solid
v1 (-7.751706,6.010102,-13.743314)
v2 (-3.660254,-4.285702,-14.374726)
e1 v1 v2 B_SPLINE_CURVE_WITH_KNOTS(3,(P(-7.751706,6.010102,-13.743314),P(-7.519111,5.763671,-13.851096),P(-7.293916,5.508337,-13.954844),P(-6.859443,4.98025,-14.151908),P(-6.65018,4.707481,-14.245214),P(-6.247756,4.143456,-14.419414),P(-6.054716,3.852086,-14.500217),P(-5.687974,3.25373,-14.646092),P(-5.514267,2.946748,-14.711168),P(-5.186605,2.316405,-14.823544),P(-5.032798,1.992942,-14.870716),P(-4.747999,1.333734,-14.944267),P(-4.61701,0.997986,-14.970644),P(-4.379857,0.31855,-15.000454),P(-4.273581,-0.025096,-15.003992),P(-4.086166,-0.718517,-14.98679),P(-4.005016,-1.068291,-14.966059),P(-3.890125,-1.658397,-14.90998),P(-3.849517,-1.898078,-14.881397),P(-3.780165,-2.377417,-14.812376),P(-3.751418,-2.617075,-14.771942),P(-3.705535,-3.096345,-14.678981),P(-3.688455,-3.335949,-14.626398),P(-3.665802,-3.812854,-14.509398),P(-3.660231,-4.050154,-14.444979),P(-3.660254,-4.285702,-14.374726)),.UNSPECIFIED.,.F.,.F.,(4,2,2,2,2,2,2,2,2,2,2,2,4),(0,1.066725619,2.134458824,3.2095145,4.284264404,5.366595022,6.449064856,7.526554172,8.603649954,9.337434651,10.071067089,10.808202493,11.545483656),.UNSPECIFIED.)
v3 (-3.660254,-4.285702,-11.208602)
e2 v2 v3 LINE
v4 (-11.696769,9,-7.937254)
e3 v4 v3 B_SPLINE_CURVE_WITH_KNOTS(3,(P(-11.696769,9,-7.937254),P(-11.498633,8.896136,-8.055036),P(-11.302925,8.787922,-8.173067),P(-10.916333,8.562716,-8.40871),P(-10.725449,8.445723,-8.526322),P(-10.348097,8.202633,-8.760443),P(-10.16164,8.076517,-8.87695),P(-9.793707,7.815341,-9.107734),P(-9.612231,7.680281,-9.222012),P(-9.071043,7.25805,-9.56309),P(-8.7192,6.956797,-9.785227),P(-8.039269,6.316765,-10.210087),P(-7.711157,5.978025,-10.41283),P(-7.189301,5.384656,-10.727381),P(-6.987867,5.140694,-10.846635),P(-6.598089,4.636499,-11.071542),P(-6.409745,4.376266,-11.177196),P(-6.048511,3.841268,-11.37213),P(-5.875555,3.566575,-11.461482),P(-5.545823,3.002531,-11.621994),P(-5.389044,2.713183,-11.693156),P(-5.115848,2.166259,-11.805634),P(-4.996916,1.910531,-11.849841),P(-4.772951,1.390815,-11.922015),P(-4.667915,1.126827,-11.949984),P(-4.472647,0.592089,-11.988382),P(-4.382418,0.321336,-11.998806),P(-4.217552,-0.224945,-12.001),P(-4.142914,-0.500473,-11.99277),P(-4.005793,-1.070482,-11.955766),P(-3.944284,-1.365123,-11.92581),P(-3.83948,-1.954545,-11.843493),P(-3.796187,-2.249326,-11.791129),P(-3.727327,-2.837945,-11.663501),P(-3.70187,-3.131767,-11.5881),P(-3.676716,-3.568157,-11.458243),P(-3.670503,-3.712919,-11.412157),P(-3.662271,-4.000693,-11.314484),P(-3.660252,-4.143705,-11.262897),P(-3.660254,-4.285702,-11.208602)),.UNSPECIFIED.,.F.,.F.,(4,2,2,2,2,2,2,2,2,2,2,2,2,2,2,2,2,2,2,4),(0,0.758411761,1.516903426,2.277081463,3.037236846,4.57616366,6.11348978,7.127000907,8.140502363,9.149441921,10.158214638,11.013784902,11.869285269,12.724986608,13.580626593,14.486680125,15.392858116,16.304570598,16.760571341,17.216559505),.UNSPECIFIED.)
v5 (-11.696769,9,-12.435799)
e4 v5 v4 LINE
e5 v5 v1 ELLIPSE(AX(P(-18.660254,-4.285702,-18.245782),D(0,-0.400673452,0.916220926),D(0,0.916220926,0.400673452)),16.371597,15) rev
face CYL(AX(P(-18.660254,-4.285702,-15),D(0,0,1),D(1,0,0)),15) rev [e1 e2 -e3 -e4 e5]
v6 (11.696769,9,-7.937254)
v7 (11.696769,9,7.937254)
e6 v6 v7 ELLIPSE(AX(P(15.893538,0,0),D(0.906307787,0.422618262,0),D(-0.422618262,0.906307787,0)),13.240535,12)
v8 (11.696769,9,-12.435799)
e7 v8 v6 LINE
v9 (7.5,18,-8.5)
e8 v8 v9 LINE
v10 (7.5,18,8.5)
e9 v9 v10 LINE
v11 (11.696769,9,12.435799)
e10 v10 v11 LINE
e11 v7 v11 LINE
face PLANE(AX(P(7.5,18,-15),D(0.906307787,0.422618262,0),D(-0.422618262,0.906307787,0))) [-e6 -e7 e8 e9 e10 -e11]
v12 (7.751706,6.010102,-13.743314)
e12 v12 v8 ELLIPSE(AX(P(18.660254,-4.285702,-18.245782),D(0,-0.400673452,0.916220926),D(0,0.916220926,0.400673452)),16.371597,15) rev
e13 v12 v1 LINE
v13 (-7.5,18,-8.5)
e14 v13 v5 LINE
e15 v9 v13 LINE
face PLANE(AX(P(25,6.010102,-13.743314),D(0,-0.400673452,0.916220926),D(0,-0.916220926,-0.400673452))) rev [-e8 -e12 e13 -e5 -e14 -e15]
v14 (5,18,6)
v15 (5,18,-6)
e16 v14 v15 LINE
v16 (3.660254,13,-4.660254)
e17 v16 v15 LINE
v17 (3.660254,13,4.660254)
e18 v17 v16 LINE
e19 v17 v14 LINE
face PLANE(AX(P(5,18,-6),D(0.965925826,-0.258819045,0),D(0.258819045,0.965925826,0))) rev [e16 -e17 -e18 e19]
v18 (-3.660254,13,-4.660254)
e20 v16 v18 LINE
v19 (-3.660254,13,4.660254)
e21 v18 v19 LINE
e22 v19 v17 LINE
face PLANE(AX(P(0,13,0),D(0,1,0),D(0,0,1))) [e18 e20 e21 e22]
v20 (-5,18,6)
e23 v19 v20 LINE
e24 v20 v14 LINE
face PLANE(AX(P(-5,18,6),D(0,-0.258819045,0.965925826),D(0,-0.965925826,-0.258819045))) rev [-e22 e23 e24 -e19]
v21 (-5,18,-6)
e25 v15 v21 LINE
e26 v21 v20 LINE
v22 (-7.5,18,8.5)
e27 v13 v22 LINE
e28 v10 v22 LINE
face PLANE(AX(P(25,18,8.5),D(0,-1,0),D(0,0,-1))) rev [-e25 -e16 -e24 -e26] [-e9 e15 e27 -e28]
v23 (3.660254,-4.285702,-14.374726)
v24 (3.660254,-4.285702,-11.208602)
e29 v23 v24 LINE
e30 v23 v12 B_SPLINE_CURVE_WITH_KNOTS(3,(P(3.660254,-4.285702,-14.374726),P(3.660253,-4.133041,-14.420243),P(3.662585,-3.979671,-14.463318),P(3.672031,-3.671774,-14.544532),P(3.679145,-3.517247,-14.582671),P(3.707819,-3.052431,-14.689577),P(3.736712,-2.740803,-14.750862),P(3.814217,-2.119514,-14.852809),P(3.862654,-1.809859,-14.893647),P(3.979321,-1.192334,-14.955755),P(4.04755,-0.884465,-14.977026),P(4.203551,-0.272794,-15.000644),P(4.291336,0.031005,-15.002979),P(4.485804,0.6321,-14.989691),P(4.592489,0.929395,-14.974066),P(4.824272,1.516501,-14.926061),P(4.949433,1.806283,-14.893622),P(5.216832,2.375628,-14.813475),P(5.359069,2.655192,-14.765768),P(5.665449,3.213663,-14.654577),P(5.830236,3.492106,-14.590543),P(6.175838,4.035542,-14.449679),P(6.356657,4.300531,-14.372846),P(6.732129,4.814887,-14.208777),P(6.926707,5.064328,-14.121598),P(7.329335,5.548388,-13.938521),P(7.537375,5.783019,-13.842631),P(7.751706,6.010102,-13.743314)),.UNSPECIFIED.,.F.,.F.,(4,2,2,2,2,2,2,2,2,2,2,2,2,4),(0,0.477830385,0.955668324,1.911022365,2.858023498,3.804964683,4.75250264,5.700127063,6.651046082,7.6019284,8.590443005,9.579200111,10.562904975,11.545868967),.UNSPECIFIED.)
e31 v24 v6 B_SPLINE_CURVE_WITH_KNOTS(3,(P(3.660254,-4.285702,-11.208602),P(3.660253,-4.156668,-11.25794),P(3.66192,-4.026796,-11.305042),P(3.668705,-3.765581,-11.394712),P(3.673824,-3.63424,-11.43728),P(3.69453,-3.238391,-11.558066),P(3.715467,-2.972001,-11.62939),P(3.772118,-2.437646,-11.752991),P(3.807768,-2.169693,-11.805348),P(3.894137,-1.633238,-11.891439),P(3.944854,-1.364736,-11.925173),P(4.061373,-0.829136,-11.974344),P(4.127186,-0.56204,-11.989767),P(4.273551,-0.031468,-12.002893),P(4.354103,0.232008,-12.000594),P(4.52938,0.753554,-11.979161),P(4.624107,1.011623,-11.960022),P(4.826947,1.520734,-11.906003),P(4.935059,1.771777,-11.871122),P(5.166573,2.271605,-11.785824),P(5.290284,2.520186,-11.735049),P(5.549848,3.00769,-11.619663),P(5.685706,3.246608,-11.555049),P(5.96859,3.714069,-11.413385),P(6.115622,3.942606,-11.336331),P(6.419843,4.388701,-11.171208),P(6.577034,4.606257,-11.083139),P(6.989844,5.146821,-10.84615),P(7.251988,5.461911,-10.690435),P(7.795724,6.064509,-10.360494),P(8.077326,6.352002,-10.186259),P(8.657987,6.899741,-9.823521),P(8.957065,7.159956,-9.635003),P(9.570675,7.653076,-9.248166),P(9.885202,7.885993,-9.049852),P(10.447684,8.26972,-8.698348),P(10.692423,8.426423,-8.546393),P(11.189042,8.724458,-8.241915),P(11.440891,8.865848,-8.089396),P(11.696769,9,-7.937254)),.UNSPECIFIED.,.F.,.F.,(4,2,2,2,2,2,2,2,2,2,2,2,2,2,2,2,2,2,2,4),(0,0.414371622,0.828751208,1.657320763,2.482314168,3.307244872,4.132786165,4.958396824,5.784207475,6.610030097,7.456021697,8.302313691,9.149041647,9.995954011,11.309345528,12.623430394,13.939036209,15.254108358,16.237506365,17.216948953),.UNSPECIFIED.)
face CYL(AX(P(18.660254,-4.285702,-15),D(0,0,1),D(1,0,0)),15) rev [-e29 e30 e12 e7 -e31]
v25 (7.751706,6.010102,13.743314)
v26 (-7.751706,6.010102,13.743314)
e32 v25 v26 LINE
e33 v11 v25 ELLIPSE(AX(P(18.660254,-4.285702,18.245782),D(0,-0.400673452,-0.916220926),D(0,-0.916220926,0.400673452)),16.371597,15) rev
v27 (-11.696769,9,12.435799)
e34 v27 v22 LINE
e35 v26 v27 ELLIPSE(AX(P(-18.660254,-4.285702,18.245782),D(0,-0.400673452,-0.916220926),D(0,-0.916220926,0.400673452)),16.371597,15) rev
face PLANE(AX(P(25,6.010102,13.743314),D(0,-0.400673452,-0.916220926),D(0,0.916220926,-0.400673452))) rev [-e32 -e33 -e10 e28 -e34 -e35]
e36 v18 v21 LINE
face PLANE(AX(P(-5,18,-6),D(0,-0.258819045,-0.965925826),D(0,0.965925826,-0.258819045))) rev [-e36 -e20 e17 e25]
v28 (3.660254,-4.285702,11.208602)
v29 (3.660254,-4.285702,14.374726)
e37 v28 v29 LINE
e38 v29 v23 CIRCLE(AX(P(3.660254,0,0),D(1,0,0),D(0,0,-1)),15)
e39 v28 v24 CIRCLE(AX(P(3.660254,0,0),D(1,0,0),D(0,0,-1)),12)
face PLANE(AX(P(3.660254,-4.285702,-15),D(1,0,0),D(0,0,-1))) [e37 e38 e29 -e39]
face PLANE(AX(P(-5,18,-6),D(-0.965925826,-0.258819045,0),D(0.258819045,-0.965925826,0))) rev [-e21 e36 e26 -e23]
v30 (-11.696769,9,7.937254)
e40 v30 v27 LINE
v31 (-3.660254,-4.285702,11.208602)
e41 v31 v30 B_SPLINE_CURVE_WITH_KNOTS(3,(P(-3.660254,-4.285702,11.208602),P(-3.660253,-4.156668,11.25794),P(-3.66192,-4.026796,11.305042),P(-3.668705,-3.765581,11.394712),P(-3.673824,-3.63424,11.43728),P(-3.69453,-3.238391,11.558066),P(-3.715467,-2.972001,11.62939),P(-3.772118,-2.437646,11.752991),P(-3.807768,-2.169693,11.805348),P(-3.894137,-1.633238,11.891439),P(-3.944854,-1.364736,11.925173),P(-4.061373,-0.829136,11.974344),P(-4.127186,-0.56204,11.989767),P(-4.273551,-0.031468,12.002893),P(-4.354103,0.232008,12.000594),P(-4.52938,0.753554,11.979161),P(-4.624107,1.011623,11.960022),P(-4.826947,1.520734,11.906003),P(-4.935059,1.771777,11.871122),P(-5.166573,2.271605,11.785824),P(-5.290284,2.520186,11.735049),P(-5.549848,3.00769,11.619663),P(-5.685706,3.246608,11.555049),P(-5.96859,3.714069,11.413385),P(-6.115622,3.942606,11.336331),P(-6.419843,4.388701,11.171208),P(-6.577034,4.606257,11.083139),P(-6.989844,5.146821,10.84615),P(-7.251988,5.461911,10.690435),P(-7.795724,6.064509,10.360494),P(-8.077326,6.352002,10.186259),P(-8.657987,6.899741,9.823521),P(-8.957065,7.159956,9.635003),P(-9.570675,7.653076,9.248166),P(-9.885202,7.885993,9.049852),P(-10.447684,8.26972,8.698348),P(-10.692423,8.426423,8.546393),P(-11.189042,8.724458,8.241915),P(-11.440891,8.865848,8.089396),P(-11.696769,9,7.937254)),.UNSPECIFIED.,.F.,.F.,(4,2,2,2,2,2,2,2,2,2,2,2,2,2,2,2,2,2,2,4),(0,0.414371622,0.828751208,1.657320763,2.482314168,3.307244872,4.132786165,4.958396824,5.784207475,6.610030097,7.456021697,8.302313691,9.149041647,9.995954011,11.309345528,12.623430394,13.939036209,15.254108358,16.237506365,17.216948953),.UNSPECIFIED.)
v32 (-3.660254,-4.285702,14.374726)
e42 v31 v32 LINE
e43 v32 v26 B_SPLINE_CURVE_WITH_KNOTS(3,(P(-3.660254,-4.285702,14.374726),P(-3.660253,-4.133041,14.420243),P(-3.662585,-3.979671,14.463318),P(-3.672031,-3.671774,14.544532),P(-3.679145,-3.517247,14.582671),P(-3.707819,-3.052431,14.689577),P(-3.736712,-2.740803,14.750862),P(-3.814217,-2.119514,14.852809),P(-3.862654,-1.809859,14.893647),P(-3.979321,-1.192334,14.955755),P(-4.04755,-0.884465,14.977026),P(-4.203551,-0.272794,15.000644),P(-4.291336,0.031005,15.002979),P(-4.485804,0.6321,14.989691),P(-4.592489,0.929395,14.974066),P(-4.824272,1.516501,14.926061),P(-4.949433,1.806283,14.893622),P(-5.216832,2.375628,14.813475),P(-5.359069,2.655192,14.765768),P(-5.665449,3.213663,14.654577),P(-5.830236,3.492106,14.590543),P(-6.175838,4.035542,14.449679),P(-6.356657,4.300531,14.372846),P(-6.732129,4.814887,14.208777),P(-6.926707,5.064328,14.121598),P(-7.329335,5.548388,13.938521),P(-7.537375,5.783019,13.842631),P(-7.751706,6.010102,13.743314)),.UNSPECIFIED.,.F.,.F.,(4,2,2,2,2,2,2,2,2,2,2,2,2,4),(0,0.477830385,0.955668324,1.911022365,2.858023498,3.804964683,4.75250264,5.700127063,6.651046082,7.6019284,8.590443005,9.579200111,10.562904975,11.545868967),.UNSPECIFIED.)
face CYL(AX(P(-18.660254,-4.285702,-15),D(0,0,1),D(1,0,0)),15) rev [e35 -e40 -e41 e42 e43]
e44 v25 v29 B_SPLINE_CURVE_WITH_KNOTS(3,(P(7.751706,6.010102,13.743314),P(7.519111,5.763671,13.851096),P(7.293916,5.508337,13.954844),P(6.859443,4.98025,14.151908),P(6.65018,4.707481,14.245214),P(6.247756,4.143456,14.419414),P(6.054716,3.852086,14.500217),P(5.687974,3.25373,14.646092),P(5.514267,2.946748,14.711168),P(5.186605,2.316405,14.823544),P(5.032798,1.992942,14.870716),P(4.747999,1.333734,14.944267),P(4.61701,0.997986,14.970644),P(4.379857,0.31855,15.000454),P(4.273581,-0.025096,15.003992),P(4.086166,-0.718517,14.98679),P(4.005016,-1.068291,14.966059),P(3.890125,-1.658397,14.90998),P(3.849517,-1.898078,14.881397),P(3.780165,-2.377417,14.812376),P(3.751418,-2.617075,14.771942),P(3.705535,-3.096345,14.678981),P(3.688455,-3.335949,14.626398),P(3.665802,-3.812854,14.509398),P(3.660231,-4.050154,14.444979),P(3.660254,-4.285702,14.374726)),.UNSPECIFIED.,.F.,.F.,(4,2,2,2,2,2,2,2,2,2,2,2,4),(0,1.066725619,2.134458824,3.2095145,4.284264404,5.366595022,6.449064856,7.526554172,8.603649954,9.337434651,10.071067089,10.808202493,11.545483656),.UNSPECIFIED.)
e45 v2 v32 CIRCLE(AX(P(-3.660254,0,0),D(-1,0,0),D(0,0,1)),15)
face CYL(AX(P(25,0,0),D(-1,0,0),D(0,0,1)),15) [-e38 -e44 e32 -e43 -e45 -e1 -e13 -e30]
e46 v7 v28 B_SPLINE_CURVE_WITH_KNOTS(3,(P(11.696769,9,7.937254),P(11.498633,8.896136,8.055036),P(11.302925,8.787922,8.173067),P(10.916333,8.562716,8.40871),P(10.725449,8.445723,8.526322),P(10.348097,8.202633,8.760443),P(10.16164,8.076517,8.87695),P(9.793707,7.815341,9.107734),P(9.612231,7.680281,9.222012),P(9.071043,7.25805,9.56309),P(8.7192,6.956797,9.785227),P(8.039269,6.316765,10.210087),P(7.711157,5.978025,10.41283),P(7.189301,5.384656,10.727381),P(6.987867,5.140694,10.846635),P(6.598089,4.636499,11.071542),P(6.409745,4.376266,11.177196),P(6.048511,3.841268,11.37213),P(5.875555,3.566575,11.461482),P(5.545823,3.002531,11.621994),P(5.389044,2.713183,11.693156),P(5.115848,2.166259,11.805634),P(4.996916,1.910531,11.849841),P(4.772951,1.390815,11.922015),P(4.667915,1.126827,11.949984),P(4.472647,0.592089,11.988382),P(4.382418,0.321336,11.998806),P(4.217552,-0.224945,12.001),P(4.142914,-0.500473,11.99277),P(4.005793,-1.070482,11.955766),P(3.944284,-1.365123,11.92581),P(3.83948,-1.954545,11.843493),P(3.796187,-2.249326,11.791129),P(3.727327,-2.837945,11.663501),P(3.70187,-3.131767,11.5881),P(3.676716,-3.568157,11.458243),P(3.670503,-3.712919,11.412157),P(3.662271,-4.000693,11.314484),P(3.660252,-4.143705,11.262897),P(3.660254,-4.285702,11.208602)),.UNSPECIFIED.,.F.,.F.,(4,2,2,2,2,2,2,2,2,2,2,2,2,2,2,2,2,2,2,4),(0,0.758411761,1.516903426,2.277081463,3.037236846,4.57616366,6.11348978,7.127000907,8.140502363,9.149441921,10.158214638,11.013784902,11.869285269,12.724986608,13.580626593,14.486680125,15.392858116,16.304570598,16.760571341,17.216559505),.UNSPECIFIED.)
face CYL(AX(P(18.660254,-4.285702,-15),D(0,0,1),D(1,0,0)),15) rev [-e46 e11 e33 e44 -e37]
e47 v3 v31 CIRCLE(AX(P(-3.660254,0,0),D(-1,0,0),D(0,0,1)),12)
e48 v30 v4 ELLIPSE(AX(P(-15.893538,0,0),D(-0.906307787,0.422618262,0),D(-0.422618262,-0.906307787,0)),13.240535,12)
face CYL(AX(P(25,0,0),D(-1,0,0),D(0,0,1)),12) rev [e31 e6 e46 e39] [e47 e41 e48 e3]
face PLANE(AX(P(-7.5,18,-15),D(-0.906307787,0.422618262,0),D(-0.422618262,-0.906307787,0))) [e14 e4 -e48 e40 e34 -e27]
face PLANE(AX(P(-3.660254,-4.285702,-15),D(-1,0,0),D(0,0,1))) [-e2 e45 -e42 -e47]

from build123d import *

# Parameters (mm, degrees)
SKETCH_2_R               = 12
EXTRUDE_1_DEPTH          = 25
SKETCH_3_W               = 10
SKETCH_3_H               = 12
CUT_EXTRUDE_1_DEPTH      = 5
CUT_EXTRUDE_1_DRAFT      = -15
CUT_EXTRUDE_2_DEPTH      = 35.263683398
CUT_EXTRUDE_2_DEPTH_BACK = 35.263683398
SKETCH_4_OUTSIDE_W       = 65.4
SKETCH_4_OUTSIDE_H       = 48.4


with BuildPart() as part:
    # 草图2 → 凸台-拉伸1 (new, symmetric)
    with BuildSketch(Plane(origin=(0, 0, 0), x_dir=(0, 0, -1), z_dir=(1, 0, 0))):
        with BuildLine():
            Line((-13.743313889, 6.010101774), (-8.5, 18))
            Line((-8.5, 18), (8.5, 18))
            Line((8.5, 18), (13.743313889, 6.010101774))
            ThreePointArc((13.743313889, 6.010101774), (0, -15), (-13.743313889, 6.010101774))
        make_face()
        Circle(SKETCH_2_R, mode=Mode.SUBTRACT)
    extrude(amount=EXTRUDE_1_DEPTH, both=True)


with BuildPart() as cut_extrude_1_tool:
    # 草图3 → 切除-拉伸1 (with draft: the straight prism first)
    with BuildSketch(Plane(origin=(0, 18, 0), x_dir=(1, 0, 0), z_dir=(0, 1, 0))):
        Rectangle(SKETCH_3_W, SKETCH_3_H)
    extrude(amount=-CUT_EXTRUDE_1_DEPTH)
    # 切除-拉伸1: the draft: its side faces are tilted about the plane it starts from
    cut_extrude_1_sides = [cut_extrude_1_tool.faces().sort_by_distance(p)[0] for p in [
        (-5, 15.5, 0),
        (0, 15.5, 6),
        (5, 15.5, 0),
        (0, 15.5, -6),
    ]]
    draft(cut_extrude_1_sides, Plane(origin=(0, 18, 0), x_dir=(1, 0, 0), z_dir=(0, 1, 0)), CUT_EXTRUDE_1_DRAFT)


with BuildPart() as part_1:
    add(part.part)

    # 切除-拉伸1: cut by cut_extrude_1_tool
    add(cut_extrude_1_tool.part, mode=Mode.SUBTRACT)

    # 草图4 outside → 切除-拉伸2 (cut, two sides: drawn at the far end of the back side and taken through both)
    with BuildSketch(Plane.XY.offset(-CUT_EXTRUDE_2_DEPTH_BACK)):
        with Locations((0, 1.5)):
            Rectangle(SKETCH_4_OUTSIDE_W, SKETCH_4_OUTSIDE_H)
        with BuildLine():
            Line((7.5, 18), (-7.5, 18))
            Line((-7.5, 18), (-11.696768923, 9))
            ThreePointArc((-11.696768923, 9), (-5.825685936, 3.477922356), (-3.660254038, -4.285701903))
            Line((-3.660254038, -4.285701903), (-3.660254038, -15))
            Line((-3.660254038, -15), (3.660254038, -15))
            Line((3.660254038, -15), (3.660254038, -4.285701903))
            ThreePointArc((3.660254038, -4.285701903), (5.825685936, 3.477922356), (11.696768923, 9))
            Line((11.696768923, 9), (7.5, 18))
        make_face(mode=Mode.SUBTRACT)
    extrude(amount=CUT_EXTRUDE_2_DEPTH + CUT_EXTRUDE_2_DEPTH_BACK, mode=Mode.SUBTRACT)


solid = part_1.part
